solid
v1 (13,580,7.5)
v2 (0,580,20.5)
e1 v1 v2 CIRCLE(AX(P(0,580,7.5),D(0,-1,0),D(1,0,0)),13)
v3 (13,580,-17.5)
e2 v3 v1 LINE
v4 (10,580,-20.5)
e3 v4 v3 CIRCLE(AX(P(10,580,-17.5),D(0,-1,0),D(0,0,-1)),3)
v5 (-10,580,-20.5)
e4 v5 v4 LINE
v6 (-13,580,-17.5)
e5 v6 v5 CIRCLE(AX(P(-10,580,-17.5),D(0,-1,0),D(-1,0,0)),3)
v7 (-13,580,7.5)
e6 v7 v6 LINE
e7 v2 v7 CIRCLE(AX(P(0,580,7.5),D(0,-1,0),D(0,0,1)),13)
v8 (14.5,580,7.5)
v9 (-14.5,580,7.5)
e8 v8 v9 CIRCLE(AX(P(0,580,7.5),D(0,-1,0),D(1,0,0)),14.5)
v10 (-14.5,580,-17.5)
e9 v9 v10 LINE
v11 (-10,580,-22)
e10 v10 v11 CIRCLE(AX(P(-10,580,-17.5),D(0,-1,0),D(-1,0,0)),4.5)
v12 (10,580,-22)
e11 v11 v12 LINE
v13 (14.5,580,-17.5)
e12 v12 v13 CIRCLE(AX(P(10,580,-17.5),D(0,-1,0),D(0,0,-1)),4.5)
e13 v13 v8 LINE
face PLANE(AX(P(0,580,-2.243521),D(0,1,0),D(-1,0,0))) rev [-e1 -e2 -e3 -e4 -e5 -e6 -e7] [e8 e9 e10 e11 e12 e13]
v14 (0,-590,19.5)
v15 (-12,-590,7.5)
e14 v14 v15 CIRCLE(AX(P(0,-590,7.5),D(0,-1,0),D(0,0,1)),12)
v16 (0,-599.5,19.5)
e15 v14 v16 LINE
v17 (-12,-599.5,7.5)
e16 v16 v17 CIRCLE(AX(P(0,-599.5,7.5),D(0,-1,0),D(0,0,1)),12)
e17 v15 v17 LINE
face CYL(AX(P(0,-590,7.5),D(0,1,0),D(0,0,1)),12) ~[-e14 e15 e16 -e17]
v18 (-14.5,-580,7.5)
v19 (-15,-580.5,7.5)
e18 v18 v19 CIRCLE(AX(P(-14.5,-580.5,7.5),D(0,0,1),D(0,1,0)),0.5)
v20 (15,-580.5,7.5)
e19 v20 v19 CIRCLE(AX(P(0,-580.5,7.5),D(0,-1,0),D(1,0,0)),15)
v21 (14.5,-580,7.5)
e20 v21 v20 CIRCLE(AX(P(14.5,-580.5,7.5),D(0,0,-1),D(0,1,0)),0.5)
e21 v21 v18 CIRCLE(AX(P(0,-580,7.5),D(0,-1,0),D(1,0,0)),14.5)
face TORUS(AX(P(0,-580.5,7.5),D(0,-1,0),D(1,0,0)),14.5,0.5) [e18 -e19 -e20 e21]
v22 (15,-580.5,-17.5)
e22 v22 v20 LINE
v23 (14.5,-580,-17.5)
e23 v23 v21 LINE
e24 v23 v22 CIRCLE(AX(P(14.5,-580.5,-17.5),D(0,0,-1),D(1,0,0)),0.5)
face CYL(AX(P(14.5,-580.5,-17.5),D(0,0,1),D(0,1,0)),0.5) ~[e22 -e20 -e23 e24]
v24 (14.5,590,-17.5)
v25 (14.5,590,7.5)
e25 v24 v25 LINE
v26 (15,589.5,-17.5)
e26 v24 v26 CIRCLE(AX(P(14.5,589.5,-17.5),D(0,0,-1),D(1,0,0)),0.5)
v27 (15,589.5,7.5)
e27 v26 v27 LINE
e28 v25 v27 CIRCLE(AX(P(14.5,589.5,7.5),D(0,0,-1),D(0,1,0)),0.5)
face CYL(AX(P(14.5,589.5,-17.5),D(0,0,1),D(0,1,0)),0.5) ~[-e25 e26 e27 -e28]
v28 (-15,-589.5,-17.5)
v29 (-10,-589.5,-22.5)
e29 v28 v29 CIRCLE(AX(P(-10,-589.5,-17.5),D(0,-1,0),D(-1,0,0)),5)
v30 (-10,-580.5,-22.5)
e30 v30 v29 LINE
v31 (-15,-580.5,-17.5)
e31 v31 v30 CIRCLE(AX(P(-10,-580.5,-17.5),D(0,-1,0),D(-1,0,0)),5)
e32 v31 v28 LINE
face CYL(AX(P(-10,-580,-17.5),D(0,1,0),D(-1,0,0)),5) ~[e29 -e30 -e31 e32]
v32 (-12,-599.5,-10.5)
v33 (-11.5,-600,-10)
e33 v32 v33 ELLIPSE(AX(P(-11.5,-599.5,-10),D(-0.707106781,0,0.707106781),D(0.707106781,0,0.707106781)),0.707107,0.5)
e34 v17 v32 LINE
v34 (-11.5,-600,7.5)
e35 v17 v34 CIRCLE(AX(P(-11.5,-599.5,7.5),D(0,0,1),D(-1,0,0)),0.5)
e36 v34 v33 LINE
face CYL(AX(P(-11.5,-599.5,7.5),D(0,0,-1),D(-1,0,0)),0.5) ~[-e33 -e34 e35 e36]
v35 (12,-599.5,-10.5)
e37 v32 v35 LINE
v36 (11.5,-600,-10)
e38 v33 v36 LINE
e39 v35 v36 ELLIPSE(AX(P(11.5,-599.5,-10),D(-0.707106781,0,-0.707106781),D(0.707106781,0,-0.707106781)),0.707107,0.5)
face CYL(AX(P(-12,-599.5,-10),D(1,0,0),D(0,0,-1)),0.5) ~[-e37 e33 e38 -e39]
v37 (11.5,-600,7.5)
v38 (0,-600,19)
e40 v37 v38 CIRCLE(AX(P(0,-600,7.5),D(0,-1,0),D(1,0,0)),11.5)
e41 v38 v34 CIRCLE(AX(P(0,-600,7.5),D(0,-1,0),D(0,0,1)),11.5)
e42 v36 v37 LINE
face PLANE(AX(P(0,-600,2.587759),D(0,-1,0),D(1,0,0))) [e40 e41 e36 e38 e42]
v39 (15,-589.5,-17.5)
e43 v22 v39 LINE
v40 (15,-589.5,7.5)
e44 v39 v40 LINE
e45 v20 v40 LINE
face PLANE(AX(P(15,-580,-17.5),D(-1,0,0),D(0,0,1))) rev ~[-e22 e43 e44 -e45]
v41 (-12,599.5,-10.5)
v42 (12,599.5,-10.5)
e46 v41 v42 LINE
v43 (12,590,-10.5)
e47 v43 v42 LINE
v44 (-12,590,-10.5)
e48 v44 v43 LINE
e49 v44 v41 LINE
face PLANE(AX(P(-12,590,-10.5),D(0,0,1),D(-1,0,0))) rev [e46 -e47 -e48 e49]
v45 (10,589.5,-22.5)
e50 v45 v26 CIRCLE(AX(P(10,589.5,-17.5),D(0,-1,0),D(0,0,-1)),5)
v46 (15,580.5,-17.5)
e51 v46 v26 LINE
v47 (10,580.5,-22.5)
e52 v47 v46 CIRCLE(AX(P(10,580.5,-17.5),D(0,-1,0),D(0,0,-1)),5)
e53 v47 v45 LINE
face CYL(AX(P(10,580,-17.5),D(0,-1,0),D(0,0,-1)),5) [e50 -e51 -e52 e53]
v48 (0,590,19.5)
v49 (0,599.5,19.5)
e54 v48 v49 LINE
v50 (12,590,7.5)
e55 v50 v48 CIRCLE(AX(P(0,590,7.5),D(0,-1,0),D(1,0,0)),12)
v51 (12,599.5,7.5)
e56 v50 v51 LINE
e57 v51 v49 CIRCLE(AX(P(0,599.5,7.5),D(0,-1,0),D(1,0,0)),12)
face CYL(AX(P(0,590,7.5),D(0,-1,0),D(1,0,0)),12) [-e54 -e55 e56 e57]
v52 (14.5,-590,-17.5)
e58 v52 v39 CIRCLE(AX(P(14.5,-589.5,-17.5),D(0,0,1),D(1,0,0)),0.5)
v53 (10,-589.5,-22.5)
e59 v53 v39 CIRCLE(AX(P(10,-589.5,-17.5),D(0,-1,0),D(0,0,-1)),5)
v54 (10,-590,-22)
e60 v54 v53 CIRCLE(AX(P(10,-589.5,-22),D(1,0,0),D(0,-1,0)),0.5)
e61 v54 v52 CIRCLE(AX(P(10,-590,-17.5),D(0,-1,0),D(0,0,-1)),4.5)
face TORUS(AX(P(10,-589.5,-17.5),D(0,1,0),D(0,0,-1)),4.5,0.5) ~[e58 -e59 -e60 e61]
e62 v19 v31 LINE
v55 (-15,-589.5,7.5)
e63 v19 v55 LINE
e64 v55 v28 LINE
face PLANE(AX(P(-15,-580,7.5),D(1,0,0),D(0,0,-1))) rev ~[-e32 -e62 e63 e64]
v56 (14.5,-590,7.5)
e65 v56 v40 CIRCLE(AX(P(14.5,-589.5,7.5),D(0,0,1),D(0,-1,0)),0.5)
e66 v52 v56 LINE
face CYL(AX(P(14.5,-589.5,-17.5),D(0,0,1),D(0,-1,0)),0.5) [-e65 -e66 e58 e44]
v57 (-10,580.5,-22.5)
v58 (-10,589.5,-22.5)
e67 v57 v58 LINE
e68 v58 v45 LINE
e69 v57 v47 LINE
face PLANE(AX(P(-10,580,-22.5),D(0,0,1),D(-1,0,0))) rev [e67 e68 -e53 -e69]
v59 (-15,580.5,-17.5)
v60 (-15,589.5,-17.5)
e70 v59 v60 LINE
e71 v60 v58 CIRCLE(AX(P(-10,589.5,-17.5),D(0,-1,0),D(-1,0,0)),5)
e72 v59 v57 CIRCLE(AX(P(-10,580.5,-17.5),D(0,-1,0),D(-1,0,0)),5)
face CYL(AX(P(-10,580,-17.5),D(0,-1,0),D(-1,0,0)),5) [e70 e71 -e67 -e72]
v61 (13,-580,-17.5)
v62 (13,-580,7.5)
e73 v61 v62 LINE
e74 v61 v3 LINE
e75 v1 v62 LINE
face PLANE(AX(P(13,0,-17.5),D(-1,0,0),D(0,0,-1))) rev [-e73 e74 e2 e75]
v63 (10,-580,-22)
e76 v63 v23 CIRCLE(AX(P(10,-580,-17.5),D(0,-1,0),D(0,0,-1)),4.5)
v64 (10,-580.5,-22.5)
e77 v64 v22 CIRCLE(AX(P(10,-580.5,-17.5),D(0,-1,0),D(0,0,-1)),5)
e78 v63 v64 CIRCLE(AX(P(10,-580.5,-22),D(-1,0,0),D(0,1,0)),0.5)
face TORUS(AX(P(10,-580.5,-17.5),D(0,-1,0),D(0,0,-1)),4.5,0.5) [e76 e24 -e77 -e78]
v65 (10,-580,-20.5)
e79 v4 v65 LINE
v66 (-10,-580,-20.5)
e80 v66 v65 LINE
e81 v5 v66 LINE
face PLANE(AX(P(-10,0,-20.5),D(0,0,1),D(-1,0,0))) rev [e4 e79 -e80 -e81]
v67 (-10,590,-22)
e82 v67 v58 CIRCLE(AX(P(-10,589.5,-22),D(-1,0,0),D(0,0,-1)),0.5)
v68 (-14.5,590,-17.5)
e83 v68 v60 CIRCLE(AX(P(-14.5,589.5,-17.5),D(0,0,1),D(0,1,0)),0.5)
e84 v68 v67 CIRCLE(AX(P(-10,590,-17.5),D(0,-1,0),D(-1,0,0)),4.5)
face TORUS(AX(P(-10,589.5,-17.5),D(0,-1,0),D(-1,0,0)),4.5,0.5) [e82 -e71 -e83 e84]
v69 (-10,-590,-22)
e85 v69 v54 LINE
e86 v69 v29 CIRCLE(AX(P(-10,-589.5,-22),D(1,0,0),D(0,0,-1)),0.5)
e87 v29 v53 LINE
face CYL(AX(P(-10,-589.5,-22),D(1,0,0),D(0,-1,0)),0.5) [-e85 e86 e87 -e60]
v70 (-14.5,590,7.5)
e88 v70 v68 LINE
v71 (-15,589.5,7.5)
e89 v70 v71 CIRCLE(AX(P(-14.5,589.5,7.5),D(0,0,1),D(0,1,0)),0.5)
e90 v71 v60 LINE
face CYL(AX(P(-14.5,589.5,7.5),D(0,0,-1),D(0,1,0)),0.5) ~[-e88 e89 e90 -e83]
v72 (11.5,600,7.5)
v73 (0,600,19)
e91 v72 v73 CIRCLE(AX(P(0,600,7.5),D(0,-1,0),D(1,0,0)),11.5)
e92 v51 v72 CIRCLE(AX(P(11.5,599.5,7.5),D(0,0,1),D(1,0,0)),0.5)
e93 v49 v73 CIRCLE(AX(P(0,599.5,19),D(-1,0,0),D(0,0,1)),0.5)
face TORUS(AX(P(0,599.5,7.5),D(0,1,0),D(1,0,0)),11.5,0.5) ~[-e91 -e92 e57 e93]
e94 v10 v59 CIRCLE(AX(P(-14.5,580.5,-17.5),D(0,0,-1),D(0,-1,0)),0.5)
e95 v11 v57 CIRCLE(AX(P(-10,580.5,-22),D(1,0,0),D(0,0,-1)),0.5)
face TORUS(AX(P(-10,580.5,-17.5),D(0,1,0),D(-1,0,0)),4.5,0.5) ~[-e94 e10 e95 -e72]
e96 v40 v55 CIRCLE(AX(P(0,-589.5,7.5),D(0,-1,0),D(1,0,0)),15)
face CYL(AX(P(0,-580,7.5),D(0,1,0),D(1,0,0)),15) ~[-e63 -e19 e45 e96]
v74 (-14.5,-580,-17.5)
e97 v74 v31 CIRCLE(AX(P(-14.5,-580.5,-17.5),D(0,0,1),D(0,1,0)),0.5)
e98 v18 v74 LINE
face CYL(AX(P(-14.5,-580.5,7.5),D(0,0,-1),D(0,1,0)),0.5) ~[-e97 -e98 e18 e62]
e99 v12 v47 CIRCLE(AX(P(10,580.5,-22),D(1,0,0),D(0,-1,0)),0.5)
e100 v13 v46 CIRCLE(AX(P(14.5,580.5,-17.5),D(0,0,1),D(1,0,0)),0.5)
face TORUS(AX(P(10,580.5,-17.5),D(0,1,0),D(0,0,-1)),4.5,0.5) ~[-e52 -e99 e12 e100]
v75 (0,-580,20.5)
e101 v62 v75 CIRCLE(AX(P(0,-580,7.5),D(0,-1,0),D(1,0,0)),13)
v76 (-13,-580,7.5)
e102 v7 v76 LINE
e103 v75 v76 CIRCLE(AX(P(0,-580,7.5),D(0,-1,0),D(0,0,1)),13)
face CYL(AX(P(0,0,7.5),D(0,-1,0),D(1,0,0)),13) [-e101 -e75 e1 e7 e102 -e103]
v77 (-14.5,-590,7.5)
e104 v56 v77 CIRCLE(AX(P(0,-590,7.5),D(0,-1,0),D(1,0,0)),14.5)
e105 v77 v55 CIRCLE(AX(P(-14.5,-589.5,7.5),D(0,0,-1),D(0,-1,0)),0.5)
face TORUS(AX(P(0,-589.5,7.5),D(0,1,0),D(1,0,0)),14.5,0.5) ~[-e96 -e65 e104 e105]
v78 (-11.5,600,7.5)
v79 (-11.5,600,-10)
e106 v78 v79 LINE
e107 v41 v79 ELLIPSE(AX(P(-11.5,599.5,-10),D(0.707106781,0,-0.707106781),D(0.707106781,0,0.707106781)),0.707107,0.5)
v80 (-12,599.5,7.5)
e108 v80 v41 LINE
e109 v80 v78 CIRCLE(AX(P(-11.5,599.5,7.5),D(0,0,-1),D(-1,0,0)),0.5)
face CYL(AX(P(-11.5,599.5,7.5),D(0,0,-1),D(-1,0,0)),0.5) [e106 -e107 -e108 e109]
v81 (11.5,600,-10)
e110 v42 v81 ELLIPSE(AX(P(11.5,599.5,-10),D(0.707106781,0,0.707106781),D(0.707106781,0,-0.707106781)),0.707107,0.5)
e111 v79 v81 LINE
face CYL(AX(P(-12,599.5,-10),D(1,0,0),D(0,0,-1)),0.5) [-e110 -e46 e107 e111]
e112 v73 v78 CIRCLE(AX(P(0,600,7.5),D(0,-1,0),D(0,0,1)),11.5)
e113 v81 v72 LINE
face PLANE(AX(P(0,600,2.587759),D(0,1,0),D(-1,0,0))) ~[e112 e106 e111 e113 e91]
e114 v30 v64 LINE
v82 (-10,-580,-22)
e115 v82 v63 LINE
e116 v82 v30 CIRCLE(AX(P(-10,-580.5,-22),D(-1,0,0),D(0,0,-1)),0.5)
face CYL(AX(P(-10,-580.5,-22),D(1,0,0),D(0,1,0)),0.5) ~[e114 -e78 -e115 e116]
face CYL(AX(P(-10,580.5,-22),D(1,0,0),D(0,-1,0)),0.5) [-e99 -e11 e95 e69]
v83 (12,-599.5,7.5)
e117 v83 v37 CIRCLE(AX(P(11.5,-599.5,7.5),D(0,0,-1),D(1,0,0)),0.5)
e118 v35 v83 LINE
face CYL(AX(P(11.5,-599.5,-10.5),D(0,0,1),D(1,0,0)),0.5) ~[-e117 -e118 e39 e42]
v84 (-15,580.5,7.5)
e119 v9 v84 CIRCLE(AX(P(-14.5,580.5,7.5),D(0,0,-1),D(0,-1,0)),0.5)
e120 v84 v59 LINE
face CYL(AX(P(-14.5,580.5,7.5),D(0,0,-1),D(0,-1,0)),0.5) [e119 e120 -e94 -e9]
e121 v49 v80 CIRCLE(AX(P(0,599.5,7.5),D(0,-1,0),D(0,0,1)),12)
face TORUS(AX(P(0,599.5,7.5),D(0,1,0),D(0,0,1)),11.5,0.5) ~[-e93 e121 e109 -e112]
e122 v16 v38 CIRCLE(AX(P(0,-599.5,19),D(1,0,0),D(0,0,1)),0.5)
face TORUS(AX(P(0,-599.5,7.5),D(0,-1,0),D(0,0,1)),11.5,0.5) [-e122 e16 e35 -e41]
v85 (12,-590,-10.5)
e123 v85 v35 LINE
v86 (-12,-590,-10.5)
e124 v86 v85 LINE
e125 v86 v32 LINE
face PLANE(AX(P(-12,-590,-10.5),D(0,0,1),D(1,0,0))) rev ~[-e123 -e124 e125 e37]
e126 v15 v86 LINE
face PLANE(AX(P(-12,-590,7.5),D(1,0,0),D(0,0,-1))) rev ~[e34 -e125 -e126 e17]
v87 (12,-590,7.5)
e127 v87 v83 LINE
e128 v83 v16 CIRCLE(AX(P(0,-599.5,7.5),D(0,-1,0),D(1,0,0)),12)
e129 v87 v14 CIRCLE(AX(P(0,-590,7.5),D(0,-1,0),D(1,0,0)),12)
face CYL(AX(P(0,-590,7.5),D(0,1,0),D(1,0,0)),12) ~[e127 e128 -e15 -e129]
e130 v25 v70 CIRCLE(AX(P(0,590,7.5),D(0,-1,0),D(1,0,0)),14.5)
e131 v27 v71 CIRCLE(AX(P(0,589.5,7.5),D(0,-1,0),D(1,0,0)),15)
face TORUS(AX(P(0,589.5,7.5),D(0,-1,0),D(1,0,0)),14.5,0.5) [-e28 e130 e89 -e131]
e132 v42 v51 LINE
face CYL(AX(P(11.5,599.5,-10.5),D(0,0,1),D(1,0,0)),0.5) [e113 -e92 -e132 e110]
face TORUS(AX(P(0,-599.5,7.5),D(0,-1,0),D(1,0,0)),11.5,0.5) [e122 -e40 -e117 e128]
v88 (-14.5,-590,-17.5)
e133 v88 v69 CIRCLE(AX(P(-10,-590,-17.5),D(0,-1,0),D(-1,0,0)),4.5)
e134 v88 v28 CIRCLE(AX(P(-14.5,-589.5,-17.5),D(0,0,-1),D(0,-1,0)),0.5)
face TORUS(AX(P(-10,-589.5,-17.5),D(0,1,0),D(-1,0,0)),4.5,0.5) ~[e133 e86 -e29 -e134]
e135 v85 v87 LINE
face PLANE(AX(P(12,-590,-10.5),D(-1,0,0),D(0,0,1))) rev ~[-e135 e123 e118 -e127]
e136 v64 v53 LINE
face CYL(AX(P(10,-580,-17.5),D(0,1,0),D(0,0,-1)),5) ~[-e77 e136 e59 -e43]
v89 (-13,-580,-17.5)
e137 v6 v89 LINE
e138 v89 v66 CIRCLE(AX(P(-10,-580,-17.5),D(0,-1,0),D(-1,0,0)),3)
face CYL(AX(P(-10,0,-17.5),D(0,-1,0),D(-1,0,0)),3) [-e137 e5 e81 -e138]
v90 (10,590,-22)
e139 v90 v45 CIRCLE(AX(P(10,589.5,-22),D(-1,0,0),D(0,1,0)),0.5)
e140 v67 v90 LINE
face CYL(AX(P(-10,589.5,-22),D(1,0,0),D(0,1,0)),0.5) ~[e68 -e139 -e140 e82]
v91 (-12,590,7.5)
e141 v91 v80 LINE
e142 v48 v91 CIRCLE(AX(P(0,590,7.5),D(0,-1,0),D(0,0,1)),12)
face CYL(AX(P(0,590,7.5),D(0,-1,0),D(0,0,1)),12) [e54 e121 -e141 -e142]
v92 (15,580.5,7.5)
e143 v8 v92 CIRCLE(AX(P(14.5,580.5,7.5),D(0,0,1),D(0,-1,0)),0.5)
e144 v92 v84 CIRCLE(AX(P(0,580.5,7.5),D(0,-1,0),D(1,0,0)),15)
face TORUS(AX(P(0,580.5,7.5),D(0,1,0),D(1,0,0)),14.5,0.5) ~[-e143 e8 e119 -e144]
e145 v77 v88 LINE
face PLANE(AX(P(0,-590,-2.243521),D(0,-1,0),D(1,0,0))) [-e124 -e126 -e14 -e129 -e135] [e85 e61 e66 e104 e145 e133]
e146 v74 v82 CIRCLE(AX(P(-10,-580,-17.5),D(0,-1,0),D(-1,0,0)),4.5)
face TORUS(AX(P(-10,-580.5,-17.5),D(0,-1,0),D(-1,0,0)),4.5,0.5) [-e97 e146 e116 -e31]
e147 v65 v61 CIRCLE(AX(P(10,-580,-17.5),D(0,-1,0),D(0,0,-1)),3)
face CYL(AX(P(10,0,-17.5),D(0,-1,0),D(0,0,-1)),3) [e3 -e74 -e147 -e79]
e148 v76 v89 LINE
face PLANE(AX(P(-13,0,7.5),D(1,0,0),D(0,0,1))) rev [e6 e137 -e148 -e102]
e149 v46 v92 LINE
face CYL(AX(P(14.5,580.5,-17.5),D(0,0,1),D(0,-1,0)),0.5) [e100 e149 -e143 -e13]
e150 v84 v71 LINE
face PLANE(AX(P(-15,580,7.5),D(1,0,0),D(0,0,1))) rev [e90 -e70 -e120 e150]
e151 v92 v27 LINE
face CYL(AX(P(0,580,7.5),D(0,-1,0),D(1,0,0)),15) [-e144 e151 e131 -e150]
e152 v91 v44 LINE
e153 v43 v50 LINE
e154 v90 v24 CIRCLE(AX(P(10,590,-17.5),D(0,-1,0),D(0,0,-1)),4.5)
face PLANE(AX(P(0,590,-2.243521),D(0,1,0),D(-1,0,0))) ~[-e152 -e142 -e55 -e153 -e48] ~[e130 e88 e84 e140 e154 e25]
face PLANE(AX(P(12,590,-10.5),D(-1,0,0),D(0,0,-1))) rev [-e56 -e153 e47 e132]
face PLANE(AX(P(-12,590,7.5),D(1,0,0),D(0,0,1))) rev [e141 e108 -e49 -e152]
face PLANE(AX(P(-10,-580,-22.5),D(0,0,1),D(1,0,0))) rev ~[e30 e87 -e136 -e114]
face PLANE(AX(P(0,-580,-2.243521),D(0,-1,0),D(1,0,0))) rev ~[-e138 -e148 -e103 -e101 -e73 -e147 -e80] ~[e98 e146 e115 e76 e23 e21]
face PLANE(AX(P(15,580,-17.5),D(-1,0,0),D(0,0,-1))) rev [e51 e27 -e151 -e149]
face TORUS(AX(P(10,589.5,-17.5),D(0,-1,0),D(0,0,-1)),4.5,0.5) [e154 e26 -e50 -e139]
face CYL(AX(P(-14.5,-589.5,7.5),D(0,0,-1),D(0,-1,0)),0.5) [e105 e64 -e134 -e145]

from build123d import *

# Parameters (mm, degrees)
F1_DEPTH = 580
F3_DEPTH = 10
F5_DEPTH = 10
F6_R     = 0.5


with BuildPart() as f1:
    # F0 (on Front) → F1 (new body)
    with BuildSketch(Plane.XZ):
        with BuildLine():
            Line((13, -17.5), (13, 7.5))
            ThreePointArc((13, 7.5), (9.1923881554, 16.6923881554), (0, 20.5))
            ThreePointArc((0, 20.5), (-9.1923881554, 16.6923881554), (-13, 7.5))
            Line((-13, 7.5), (-13, -17.5))
            ThreePointArc((-13, -17.5), (-12.1213203436, -19.6213203436), (-10, -20.5))
            Line((-10, -20.5), (10, -20.5))
            ThreePointArc((10, -20.5), (12.1213203436, -19.6213203436), (13, -17.5))
        make_face()
        with BuildLine():
            ThreePointArc((0, 19.5), (8.4852813742, 15.9852813742), (12, 7.5))
            Line((12, 7.5), (12, -10.5))
            Line((12, -10.5), (0, -10.5))
            Line((0, -10.5), (-12, -10.5))
            Line((-12, -10.5), (-12, 7.5))
            ThreePointArc((-12, 7.5), (-8.4852813742, 15.9852813742), (0, 19.5))
        make_face(mode=Mode.SUBTRACT)
        with BuildLine():
            Line((12, -10.5), (12, 7.5))
            ThreePointArc((12, 7.5), (8.4852813742, 15.9852813742), (0, 19.5))
            ThreePointArc((0, 19.5), (-8.4852813742, 15.9852813742), (-12, 7.5))
            Line((-12, 7.5), (-12, -10.5))
            Line((-12, -10.5), (0, -10.5))
            Line((0, -10.5), (12, -10.5))
        make_face()
    extrude(amount=F1_DEPTH)

    # F2 (on face) → F3 (join)
    with BuildSketch(Plane.XZ.offset(580)):
        with BuildLine():
            ThreePointArc((10, -22.5), (13.5355339059, -21.0355339059), (15, -17.5))
            Line((15, -17.5), (15, 7.5))
            ThreePointArc((15, 7.5), (10.6066017178, 18.1066017178), (0, 22.5))
            ThreePointArc((0, 22.5), (-10.6066017178, 18.1066017178), (-15, 7.5))
            Line((-15, 7.5), (-15, -17.5))
            ThreePointArc((-15, -17.5), (-13.5355339059, -21.0355339059), (-10, -22.5))
            Line((-10, -22.5), (10, -22.5))
        make_face()
    extrude(amount=F3_DEPTH)

    # F4 (on face) → F5 (join)
    with BuildSketch(Plane.XZ.offset(590)):
        with BuildLine():
            Line((-12, 7.5), (-12, -10.5))
            Line((-12, -10.5), (0, -10.5))
            Line((0, -10.5), (12, -10.5))
            Line((12, -10.5), (12, 7.5))
            ThreePointArc((12, 7.5), (8.4852813742, 15.9852813742), (0, 19.5))
            ThreePointArc((0, 19.5), (-8.4852813742, 15.9852813742), (-12, 7.5))
        make_face()
    extrude(amount=F5_DEPTH)

    # F6
    f6_edges = [f1.edges().sort_by_distance(p)[0] for p in [
        (0, -600, -10.5),
        (-12, -600, -1.5),
        (-15, -590, -5),
        (0, -590, 22.5),
        (-15, -580, -5),
    ]]
    fillet(f6_edges, radius=F6_R)

    # F7: F1 across plane


with BuildPart() as f1_1:
    add(f1.part)
    add(f1.part.mirror(Plane.XZ))

    # F8: F1 across plane


with BuildPart() as f1_2:
    add(f1_1.part)
    add(f1_1.part.mirror(Plane.XZ))


solid = f1_2.part
